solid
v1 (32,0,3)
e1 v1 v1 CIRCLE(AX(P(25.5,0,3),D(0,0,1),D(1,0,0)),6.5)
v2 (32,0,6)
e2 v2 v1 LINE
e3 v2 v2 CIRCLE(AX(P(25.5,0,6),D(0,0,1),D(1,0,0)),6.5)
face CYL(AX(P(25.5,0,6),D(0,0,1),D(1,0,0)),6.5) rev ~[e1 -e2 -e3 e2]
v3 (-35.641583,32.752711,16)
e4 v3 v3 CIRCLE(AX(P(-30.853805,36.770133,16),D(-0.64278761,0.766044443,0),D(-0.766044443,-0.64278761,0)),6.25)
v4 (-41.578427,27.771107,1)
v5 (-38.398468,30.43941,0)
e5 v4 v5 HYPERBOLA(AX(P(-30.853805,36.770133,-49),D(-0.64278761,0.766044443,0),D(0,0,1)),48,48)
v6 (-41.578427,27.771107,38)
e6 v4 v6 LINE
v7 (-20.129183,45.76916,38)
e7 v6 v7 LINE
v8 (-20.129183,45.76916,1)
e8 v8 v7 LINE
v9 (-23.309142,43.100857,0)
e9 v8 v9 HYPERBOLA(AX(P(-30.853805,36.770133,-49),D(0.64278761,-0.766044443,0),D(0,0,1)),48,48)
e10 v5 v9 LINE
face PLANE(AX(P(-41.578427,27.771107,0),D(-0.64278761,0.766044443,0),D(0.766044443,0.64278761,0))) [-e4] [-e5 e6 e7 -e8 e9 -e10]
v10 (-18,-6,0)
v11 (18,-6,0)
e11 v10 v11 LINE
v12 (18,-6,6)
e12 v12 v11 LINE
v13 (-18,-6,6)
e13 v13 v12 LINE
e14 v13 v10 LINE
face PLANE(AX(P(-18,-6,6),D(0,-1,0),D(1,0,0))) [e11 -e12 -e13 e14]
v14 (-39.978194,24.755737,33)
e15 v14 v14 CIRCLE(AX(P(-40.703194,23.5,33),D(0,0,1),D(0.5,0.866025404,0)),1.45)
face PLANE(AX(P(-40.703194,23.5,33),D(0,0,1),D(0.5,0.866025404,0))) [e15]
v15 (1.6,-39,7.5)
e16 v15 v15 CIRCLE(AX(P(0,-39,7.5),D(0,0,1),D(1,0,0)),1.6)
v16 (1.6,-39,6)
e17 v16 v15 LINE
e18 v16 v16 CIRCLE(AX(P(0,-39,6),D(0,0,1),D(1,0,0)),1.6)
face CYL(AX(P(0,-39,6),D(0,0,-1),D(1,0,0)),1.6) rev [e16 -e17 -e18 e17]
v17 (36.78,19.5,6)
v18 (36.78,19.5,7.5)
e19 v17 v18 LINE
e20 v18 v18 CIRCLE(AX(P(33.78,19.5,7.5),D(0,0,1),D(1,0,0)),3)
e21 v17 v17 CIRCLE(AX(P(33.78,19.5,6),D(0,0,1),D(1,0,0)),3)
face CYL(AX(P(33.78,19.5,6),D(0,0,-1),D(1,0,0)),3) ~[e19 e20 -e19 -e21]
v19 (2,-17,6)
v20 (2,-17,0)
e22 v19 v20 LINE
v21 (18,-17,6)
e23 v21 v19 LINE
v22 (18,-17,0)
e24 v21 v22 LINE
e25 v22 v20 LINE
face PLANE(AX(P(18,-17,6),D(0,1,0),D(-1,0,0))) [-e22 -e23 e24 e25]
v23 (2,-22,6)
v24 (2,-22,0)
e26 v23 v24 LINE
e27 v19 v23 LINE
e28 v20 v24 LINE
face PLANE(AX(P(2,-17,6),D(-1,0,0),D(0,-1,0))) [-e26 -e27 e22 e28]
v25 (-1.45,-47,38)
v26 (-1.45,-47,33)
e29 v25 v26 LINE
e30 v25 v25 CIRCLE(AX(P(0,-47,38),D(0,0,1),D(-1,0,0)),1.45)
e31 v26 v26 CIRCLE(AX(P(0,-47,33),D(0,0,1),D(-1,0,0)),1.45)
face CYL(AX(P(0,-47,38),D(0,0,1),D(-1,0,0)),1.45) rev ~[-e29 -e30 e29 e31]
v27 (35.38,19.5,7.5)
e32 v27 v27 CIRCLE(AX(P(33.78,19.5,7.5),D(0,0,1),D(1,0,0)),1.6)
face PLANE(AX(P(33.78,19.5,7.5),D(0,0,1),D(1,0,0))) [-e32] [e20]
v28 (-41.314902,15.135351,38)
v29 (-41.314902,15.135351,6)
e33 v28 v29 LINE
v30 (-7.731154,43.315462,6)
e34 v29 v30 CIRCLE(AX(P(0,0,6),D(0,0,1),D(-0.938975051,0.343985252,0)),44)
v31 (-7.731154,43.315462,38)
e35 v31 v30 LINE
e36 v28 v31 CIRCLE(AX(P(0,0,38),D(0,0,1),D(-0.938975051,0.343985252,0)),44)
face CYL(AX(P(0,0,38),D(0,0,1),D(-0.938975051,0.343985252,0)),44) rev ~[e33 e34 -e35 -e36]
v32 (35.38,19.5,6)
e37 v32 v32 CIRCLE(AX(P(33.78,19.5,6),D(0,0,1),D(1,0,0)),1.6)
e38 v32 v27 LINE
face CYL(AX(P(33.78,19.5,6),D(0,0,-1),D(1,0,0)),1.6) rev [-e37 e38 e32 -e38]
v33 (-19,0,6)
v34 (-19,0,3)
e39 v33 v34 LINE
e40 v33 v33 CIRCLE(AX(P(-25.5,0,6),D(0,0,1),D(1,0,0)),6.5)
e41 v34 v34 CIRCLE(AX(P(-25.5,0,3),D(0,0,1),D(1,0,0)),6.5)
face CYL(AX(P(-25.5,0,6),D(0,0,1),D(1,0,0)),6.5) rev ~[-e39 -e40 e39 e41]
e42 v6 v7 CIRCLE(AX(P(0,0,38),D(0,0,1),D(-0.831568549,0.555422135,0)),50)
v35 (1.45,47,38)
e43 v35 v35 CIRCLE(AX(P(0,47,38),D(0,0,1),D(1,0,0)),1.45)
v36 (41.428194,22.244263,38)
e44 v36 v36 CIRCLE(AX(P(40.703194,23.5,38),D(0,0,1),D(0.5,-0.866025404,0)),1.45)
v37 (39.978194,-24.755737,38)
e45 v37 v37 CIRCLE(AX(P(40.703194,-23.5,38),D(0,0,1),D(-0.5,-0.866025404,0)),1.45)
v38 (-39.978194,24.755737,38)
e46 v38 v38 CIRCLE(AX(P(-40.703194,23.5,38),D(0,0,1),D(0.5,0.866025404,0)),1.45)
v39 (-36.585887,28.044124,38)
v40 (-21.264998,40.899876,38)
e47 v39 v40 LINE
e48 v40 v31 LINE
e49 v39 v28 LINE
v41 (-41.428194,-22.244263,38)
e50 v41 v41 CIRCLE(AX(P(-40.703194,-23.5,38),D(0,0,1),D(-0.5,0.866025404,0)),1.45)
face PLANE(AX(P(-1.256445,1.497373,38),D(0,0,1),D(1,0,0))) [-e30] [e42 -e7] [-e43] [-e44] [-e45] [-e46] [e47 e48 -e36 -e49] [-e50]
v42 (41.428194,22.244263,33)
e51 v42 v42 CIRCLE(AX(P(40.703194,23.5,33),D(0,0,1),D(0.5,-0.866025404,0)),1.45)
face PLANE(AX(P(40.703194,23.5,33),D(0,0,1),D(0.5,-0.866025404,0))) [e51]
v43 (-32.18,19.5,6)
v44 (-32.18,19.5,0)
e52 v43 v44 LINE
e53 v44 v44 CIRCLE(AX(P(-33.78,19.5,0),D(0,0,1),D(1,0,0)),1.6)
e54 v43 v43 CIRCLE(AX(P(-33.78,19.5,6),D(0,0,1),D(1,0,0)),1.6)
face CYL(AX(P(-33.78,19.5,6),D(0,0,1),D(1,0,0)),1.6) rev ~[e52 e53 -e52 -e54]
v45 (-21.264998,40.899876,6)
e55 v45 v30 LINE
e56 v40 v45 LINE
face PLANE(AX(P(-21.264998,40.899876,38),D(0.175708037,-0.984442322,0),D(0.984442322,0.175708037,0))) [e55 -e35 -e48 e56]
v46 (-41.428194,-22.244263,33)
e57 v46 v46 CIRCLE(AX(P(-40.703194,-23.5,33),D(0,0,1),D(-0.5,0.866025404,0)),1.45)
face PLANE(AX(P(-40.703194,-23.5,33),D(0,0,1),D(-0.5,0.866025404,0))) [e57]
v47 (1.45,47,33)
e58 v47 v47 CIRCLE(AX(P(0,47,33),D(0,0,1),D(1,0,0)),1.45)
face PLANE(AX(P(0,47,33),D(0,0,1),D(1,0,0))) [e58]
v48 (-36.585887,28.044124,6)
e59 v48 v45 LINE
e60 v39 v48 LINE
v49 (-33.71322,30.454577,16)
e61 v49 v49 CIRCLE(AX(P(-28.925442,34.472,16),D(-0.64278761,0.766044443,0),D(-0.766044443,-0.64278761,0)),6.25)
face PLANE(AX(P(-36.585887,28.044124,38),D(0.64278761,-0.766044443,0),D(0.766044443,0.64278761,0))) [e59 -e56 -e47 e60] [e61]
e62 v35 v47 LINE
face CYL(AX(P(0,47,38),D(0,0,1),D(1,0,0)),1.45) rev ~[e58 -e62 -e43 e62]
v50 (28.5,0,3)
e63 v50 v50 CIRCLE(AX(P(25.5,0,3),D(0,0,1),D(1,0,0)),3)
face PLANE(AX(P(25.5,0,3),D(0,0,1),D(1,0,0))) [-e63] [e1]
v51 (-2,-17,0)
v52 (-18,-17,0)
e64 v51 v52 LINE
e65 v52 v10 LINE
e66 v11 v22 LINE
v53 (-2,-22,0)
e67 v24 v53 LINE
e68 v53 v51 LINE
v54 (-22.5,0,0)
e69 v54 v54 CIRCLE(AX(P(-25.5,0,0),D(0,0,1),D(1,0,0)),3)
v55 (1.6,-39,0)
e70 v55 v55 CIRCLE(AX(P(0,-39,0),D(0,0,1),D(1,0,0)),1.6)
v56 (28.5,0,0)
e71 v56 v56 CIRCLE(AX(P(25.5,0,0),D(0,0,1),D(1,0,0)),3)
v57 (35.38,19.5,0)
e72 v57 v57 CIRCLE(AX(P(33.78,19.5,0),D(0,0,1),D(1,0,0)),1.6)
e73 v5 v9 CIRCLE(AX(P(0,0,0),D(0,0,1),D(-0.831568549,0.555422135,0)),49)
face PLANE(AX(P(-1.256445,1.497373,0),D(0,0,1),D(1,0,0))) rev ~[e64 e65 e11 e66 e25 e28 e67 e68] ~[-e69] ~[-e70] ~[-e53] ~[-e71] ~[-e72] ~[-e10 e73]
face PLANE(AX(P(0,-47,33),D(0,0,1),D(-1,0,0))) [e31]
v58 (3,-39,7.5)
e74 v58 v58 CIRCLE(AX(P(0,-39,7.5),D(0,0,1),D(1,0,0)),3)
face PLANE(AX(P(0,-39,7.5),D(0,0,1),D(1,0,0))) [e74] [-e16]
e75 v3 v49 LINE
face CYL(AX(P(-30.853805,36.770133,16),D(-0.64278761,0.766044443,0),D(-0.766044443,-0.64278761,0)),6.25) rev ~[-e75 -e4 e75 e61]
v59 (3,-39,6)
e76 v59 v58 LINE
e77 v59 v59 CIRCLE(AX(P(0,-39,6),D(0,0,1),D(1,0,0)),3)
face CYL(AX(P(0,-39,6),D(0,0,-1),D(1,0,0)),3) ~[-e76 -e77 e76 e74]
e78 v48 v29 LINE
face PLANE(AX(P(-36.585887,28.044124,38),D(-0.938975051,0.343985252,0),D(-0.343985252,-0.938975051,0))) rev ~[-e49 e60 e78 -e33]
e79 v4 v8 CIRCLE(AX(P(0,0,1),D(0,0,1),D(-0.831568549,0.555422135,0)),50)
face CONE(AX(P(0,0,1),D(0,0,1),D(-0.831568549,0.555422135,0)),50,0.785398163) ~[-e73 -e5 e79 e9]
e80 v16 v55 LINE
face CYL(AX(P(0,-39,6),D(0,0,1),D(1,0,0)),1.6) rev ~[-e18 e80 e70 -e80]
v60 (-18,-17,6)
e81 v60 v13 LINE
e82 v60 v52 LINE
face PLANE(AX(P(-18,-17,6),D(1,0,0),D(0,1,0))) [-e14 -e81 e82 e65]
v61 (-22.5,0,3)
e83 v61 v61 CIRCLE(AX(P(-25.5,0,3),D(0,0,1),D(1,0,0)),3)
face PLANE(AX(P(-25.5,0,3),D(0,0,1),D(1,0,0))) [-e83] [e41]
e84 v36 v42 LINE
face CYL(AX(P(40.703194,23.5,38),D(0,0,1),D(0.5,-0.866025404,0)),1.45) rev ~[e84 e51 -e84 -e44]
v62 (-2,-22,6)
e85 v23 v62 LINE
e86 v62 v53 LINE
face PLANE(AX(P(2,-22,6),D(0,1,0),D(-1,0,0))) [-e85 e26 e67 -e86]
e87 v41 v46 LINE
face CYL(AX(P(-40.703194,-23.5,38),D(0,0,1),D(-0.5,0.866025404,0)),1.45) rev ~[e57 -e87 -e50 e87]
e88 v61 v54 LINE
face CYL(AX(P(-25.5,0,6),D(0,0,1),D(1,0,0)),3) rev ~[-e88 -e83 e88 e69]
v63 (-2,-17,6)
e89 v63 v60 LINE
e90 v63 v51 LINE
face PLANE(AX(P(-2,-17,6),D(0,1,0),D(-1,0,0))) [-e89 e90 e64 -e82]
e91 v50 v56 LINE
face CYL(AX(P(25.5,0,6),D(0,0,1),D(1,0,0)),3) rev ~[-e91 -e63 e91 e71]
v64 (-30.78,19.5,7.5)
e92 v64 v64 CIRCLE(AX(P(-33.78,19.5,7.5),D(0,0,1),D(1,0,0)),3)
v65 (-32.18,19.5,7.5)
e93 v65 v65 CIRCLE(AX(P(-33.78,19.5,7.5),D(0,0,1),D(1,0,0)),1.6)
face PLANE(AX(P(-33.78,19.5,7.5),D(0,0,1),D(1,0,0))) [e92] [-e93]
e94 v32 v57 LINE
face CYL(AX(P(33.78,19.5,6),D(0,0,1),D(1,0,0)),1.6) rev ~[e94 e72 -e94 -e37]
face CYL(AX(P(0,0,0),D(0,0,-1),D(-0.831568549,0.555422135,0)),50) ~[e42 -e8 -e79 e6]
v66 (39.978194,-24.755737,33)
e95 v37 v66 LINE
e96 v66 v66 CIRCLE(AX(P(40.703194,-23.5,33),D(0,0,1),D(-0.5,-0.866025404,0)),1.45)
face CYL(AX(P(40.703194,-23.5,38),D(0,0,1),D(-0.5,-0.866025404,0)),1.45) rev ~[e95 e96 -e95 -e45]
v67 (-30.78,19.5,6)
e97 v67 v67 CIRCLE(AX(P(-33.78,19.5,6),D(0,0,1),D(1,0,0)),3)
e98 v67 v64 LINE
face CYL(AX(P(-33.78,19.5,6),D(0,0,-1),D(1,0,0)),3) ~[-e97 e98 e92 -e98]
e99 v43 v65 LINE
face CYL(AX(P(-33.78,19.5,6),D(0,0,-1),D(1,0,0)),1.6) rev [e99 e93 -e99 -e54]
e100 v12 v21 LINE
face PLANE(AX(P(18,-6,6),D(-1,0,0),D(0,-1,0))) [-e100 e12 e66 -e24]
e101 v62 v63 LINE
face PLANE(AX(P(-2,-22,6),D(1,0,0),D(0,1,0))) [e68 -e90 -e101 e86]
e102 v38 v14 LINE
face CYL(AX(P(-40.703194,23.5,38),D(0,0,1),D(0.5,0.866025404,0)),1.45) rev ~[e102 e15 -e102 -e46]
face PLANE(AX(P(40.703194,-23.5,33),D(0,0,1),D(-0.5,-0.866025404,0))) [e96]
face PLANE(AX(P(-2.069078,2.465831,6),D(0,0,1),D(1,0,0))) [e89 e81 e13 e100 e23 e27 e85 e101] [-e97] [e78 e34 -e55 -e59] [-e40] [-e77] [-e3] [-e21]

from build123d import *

# Parameters (mm, degrees)
PAD_DEPTH          = 38
POCKET_DEPTH       = 32
SKETCH002_R        = 6.25
POCKET001_DEPTH    = 6
CHAMFER_SIZE       = 1
SKETCH003_R        = 1.6
SKETCH003_R_2      = 3
POCKET002_DEPTH    = 7
SKETCH004_R        = 6.5
POCKET003_DEPTH    = 3
SKETCH005_R        = 1.45
POCKET004_DEPTH    = 5
POLARPATTERN_COUNT = 6
SKETCH006_R        = 3
SKETCH006_R_2      = 1.6
PAD001_DEPTH       = 1.5


with BuildPart() as part:
    # Sketch → Pad (new body)
    with BuildSketch(Plane.XY):
        with BuildLine():
            ThreePointArc((-41.5784274686, 27.7711067341), (32.1393804843, -38.3022221559), (-20.1291830613, 45.7691598053))
            Line((-41.5784274686, 27.7711067341), (-20.1291830613, 45.7691598053))
        make_face()
    extrude(amount=PAD_DEPTH)

    # Sketch001 → Pocket (cut)
    with BuildSketch(Plane.XY.offset(38)):
        with BuildLine():
            ThreePointArc((-41.314902238, 15.1353511047), (28.2826548262, -33.7059554972), (-7.7311536284, 43.3154621766))
            Line((-21.2649980047, 40.8998760372), (-7.7311536284, 43.3154621766))
            Line((-36.5858868671, 28.0441238435), (-21.2649980047, 40.8998760372))
            Line((-36.5858868671, 28.0441238435), (-41.314902238, 15.1353511047))
        make_face()
    extrude(amount=-POCKET_DEPTH, mode=Mode.SUBTRACT)

    # Sketch002 (on Face2 of Pocket) → Pocket001 (cut)
    with BuildSketch(Plane(origin=(-30.853805265, 36.7701332697, 0), x_dir=(-0.7660444431, -0.6427876097, 0), z_dir=(-0.6427876097, 0.7660444431, 0))):
        with Locations((0, 16)):
            Circle(SKETCH002_R)
    extrude(amount=-POCKET001_DEPTH, mode=Mode.SUBTRACT)

    # Chamfer
    chamfer_edges = [part.edges().sort_by_distance(p)[0] for p in [
        (32.13938, -38.302222, 0),
    ]]
    chamfer(chamfer_edges, length=CHAMFER_SIZE)

    # Sketch003 → Pocket002 (cut)
    with BuildSketch(Plane.XY.offset(6)):
        with Locations((-33.78, 19.5)):
            Circle(SKETCH003_R)
        with Locations((33.78, 19.5)):
            Circle(SKETCH003_R)
        with Locations((0, -39)):
            Circle(SKETCH003_R)
        with Locations((-25.5, 0)):
            Circle(SKETCH003_R_2)
        with Locations((25.5, 0)):
            Circle(SKETCH003_R_2)
        Polygon((-18, -6), (18, -6), (18, -17), (2, -17), (2, -22), (-2, -22), (-2, -17), (-18, -17), align=None)
    extrude(amount=-POCKET002_DEPTH, mode=Mode.SUBTRACT)

    # Sketch004 → Pocket003 (cut)
    with BuildSketch(Plane.XY.offset(6)):
        with Locations((-25.5, 0)):
            Circle(SKETCH004_R)
        with Locations((25.5, 0)):
            Circle(SKETCH004_R)
    extrude(amount=-POCKET003_DEPTH, mode=Mode.SUBTRACT)

    # Sketch005 (on Face4 of Pocket003) → Pocket004 (cut)
    with BuildSketch(Plane.XY.offset(38)):
        with Locations((0, 47)):
            Circle(SKETCH005_R)
    pocket004 = extrude(amount=-POCKET004_DEPTH, mode=Mode.SUBTRACT)

    # PolarPattern: Pocket004 ×6 about axis
    polarpattern_axis = Axis((0, 0, 38), (0, 0, 1))
    for i in range(1, POLARPATTERN_COUNT):
        add(pocket004.rotate(polarpattern_axis, i * 360 / POLARPATTERN_COUNT), mode=Mode.SUBTRACT)

    # Sketch006 (on Face34 of PolarPattern) → Pad001 (join)
    with BuildSketch(Plane.XY.offset(6)):
        with Locations((-33.78, 19.5)):
            Circle(SKETCH006_R)
        with Locations((-33.78, 19.5)):
            Circle(SKETCH006_R_2, mode=Mode.SUBTRACT)
        with Locations((33.78, 19.5)):
            Circle(SKETCH006_R)
        with Locations((33.78, 19.5)):
            Circle(SKETCH006_R_2, mode=Mode.SUBTRACT)
        with Locations((0, -39)):
            Circle(SKETCH006_R)
        with Locations((0, -39)):
            Circle(SKETCH006_R_2, mode=Mode.SUBTRACT)
    extrude(amount=PAD001_DEPTH)


solid = part.part
